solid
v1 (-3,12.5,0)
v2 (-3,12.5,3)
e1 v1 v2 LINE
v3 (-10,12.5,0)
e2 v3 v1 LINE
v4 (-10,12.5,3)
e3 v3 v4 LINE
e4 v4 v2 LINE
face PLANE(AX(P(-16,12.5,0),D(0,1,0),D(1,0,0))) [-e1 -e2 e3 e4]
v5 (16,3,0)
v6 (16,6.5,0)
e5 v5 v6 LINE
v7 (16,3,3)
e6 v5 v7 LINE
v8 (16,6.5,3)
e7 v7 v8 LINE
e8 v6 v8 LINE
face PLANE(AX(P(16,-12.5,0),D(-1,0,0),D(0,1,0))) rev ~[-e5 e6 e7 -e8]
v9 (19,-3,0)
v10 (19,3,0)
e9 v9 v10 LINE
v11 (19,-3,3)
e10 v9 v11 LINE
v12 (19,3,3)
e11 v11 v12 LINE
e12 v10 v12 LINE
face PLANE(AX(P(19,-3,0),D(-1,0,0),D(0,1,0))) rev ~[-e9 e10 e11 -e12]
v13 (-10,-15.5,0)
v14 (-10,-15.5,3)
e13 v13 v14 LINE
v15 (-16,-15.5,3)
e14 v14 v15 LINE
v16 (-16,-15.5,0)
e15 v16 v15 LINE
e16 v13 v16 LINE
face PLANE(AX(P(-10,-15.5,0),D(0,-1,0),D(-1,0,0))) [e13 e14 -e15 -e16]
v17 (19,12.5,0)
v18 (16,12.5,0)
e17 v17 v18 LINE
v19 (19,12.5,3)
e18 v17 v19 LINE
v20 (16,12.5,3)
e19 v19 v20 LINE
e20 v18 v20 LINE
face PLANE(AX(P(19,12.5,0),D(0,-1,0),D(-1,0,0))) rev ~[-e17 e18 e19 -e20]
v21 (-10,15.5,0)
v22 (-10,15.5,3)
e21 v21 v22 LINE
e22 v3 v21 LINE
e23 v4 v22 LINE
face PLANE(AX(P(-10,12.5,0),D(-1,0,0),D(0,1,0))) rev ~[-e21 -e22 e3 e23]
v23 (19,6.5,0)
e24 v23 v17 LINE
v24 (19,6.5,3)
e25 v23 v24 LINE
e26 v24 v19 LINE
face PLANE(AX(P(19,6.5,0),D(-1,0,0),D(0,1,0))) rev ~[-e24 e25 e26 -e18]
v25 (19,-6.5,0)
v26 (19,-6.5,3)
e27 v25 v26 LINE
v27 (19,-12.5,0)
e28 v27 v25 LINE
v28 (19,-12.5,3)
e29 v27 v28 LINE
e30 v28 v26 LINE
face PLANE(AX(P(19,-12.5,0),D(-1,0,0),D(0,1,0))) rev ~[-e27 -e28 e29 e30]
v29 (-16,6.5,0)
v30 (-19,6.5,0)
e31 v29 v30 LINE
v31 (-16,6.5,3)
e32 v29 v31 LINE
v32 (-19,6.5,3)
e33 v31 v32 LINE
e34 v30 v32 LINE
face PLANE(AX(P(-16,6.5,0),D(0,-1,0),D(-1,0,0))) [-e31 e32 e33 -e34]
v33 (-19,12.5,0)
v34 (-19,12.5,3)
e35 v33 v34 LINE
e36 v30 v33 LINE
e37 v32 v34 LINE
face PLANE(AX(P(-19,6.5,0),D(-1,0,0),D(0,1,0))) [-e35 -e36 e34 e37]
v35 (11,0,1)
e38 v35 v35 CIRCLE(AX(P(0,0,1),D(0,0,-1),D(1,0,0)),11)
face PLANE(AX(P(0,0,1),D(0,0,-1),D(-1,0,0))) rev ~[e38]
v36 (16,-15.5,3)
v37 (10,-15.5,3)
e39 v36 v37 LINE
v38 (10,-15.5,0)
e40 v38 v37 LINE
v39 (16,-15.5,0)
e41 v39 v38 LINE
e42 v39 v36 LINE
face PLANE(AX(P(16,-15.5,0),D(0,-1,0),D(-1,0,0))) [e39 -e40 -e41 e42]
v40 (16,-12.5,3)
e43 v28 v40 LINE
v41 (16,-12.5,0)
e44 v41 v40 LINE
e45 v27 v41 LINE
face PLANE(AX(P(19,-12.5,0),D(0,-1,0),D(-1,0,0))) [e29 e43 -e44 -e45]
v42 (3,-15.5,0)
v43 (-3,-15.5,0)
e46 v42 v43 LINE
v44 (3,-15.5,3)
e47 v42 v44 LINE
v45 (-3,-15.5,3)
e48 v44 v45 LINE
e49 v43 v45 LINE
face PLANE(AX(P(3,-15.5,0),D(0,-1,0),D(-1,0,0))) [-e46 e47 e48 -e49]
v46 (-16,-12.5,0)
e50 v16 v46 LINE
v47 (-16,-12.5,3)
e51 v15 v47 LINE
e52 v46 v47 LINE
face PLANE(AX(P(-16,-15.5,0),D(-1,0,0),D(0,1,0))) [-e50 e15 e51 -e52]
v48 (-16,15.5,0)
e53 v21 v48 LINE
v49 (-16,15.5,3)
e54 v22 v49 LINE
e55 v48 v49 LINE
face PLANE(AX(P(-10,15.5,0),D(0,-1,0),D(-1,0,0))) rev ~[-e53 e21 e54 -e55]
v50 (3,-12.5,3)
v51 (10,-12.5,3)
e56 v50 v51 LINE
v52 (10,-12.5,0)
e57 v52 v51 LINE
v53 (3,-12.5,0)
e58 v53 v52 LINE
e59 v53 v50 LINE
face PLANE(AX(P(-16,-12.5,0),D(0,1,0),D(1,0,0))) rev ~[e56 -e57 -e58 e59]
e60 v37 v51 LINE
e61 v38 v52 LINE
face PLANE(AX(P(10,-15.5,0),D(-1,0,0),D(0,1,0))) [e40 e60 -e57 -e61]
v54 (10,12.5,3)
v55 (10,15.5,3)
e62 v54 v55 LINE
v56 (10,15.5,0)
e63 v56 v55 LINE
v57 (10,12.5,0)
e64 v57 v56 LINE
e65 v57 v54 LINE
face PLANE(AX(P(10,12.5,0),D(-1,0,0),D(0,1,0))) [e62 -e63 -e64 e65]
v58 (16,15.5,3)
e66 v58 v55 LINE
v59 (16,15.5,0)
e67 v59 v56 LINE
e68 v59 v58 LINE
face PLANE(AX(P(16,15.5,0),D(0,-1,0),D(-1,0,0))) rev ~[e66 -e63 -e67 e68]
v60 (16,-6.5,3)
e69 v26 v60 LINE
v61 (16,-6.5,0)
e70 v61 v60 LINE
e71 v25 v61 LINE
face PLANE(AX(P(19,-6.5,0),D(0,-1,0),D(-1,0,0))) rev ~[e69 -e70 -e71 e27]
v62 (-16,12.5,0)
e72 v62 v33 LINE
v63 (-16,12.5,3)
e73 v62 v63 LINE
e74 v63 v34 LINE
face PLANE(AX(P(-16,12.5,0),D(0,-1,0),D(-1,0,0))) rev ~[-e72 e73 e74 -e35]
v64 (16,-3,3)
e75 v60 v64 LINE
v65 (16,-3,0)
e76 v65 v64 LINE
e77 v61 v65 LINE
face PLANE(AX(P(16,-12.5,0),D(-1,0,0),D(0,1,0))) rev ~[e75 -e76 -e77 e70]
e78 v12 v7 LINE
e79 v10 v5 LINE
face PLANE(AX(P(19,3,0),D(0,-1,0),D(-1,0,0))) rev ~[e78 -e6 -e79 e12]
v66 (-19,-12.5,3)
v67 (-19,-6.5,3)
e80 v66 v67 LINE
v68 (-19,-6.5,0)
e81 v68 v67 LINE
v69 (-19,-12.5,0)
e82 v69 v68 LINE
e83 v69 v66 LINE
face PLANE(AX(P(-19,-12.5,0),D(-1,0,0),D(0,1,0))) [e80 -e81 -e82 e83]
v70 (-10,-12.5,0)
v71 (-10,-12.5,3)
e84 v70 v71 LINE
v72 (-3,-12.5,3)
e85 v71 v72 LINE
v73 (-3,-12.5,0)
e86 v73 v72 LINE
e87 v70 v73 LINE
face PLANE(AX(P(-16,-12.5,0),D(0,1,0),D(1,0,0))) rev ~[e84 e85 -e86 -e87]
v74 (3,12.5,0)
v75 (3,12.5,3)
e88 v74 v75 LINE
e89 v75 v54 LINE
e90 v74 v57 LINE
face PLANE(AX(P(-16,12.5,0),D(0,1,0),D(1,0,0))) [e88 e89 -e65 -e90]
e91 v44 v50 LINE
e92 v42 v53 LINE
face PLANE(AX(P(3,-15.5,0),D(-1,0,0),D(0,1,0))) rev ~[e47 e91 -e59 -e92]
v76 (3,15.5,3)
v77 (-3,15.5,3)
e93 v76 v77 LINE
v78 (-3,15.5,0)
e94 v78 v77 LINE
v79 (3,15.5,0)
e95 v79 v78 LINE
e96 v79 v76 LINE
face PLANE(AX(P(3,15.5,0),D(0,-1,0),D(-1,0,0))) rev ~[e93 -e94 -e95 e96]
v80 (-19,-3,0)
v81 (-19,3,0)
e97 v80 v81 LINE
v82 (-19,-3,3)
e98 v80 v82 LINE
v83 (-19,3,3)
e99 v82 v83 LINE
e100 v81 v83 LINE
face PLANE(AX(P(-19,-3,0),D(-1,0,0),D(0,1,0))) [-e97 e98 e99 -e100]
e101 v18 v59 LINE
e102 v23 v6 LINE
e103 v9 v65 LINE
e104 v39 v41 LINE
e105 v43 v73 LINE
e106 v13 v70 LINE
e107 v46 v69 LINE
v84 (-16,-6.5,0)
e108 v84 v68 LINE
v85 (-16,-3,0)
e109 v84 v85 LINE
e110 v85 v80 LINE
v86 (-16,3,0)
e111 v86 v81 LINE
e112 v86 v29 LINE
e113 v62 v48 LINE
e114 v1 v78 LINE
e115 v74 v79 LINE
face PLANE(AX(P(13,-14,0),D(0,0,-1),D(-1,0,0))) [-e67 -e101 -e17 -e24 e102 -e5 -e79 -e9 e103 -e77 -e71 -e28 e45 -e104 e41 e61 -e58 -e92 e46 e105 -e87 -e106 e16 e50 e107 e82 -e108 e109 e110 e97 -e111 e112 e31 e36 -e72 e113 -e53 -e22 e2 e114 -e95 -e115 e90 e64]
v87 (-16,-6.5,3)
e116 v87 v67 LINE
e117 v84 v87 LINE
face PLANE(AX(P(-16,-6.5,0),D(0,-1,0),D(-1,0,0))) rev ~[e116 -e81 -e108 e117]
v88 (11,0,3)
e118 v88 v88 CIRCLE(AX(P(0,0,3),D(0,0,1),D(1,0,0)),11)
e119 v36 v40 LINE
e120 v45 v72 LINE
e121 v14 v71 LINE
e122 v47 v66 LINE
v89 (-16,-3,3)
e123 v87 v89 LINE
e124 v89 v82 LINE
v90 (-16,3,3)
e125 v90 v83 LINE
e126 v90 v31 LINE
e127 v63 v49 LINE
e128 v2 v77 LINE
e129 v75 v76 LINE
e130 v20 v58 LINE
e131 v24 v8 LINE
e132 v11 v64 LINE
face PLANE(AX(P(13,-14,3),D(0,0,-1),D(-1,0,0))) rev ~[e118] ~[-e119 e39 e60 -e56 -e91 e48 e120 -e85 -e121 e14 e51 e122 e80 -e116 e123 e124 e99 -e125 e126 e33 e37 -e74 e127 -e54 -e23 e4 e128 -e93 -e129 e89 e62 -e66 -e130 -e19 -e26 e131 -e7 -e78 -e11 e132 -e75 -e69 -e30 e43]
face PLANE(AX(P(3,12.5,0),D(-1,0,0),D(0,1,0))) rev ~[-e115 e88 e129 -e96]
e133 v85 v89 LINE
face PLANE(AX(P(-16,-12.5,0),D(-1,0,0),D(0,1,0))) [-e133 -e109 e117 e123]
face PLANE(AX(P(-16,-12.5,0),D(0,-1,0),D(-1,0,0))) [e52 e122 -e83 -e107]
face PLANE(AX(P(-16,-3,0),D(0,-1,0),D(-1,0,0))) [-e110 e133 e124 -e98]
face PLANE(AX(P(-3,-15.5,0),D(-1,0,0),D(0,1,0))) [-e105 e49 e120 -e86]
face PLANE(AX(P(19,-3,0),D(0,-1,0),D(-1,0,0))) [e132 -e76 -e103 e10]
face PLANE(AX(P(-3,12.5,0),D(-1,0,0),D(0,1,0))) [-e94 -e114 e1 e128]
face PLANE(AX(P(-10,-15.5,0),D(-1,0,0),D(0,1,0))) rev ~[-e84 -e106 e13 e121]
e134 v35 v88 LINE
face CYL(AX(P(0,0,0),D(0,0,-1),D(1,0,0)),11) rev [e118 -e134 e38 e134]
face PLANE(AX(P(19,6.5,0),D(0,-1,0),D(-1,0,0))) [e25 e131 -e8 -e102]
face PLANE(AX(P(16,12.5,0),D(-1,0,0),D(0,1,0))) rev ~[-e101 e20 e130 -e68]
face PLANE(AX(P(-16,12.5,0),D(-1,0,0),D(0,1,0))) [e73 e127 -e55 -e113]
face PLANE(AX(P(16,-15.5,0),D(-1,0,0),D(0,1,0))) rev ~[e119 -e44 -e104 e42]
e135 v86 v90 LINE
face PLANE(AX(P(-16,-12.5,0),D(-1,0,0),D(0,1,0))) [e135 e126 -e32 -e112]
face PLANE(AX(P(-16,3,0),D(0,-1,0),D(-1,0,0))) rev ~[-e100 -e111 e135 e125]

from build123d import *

# Parameters (mm, degrees)
SKETCH2_W           = 32
SKETCH2_H           = 25
SKETCH2_R           = 11
BOSS_EXTRUDE1_DEPTH = 3
SKETCH3_R           = 11
BOSS_EXTRUDE2_DEPTH = 1
SKETCH4_W           = 6
SKETCH4_H           = 3
SKETCH4_W_2         = 3
SKETCH4_H_2         = 6
BOSS_EXTRUDE3_DEPTH = 3


with BuildPart() as part:
    # Sketch2 → Boss-Extrude1 (new body)
    with BuildSketch(Plane.XY):
        Rectangle(SKETCH2_W, SKETCH2_H)
        Circle(SKETCH2_R, mode=Mode.SUBTRACT)
    extrude(amount=BOSS_EXTRUDE1_DEPTH)

    # Sketch3 → Boss-Extrude2 (add)
    with BuildSketch(Plane(origin=(0, 0, 0), x_dir=(-1, 0, 0), z_dir=(0, 0, -1))):
        Circle(SKETCH3_R)
    extrude(amount=-BOSS_EXTRUDE2_DEPTH)

    # Sketch4 → Boss-Extrude3 (add)
    with BuildSketch(Plane(origin=(0, 0, 0), x_dir=(-1, 0, 0), z_dir=(0, 0, -1))):
        with Locations((-13, -14)):
            Rectangle(SKETCH4_W, SKETCH4_H)
        with Locations((-17.5, -9.5)):
            Rectangle(SKETCH4_W_2, SKETCH4_H_2)
        with Locations((-17.5, 0)):
            Rectangle(SKETCH4_W_2, SKETCH4_H_2)
        with Locations((-17.5, 9.5)):
            Rectangle(SKETCH4_W_2, SKETCH4_H_2)
        with Locations((0, 14)):
            Rectangle(SKETCH4_W, SKETCH4_H)
        with Locations((13, 14)):
            Rectangle(SKETCH4_W, SKETCH4_H)
        with Locations((17.5, 9.5)):
            Rectangle(SKETCH4_W_2, SKETCH4_H_2)
        with Locations((17.5, 0)):
            Rectangle(SKETCH4_W_2, SKETCH4_H_2)
        with Locations((17.5, -9.5)):
            Rectangle(SKETCH4_W_2, SKETCH4_H_2)
        with Locations((13, -14)):
            Rectangle(SKETCH4_W, SKETCH4_H)
        with Locations((0, -14)):
            Rectangle(SKETCH4_W, SKETCH4_H)
        with Locations((-13, 14)):
            Rectangle(SKETCH4_W, SKETCH4_H)
    extrude(amount=-BOSS_EXTRUDE3_DEPTH)


solid = part.part
